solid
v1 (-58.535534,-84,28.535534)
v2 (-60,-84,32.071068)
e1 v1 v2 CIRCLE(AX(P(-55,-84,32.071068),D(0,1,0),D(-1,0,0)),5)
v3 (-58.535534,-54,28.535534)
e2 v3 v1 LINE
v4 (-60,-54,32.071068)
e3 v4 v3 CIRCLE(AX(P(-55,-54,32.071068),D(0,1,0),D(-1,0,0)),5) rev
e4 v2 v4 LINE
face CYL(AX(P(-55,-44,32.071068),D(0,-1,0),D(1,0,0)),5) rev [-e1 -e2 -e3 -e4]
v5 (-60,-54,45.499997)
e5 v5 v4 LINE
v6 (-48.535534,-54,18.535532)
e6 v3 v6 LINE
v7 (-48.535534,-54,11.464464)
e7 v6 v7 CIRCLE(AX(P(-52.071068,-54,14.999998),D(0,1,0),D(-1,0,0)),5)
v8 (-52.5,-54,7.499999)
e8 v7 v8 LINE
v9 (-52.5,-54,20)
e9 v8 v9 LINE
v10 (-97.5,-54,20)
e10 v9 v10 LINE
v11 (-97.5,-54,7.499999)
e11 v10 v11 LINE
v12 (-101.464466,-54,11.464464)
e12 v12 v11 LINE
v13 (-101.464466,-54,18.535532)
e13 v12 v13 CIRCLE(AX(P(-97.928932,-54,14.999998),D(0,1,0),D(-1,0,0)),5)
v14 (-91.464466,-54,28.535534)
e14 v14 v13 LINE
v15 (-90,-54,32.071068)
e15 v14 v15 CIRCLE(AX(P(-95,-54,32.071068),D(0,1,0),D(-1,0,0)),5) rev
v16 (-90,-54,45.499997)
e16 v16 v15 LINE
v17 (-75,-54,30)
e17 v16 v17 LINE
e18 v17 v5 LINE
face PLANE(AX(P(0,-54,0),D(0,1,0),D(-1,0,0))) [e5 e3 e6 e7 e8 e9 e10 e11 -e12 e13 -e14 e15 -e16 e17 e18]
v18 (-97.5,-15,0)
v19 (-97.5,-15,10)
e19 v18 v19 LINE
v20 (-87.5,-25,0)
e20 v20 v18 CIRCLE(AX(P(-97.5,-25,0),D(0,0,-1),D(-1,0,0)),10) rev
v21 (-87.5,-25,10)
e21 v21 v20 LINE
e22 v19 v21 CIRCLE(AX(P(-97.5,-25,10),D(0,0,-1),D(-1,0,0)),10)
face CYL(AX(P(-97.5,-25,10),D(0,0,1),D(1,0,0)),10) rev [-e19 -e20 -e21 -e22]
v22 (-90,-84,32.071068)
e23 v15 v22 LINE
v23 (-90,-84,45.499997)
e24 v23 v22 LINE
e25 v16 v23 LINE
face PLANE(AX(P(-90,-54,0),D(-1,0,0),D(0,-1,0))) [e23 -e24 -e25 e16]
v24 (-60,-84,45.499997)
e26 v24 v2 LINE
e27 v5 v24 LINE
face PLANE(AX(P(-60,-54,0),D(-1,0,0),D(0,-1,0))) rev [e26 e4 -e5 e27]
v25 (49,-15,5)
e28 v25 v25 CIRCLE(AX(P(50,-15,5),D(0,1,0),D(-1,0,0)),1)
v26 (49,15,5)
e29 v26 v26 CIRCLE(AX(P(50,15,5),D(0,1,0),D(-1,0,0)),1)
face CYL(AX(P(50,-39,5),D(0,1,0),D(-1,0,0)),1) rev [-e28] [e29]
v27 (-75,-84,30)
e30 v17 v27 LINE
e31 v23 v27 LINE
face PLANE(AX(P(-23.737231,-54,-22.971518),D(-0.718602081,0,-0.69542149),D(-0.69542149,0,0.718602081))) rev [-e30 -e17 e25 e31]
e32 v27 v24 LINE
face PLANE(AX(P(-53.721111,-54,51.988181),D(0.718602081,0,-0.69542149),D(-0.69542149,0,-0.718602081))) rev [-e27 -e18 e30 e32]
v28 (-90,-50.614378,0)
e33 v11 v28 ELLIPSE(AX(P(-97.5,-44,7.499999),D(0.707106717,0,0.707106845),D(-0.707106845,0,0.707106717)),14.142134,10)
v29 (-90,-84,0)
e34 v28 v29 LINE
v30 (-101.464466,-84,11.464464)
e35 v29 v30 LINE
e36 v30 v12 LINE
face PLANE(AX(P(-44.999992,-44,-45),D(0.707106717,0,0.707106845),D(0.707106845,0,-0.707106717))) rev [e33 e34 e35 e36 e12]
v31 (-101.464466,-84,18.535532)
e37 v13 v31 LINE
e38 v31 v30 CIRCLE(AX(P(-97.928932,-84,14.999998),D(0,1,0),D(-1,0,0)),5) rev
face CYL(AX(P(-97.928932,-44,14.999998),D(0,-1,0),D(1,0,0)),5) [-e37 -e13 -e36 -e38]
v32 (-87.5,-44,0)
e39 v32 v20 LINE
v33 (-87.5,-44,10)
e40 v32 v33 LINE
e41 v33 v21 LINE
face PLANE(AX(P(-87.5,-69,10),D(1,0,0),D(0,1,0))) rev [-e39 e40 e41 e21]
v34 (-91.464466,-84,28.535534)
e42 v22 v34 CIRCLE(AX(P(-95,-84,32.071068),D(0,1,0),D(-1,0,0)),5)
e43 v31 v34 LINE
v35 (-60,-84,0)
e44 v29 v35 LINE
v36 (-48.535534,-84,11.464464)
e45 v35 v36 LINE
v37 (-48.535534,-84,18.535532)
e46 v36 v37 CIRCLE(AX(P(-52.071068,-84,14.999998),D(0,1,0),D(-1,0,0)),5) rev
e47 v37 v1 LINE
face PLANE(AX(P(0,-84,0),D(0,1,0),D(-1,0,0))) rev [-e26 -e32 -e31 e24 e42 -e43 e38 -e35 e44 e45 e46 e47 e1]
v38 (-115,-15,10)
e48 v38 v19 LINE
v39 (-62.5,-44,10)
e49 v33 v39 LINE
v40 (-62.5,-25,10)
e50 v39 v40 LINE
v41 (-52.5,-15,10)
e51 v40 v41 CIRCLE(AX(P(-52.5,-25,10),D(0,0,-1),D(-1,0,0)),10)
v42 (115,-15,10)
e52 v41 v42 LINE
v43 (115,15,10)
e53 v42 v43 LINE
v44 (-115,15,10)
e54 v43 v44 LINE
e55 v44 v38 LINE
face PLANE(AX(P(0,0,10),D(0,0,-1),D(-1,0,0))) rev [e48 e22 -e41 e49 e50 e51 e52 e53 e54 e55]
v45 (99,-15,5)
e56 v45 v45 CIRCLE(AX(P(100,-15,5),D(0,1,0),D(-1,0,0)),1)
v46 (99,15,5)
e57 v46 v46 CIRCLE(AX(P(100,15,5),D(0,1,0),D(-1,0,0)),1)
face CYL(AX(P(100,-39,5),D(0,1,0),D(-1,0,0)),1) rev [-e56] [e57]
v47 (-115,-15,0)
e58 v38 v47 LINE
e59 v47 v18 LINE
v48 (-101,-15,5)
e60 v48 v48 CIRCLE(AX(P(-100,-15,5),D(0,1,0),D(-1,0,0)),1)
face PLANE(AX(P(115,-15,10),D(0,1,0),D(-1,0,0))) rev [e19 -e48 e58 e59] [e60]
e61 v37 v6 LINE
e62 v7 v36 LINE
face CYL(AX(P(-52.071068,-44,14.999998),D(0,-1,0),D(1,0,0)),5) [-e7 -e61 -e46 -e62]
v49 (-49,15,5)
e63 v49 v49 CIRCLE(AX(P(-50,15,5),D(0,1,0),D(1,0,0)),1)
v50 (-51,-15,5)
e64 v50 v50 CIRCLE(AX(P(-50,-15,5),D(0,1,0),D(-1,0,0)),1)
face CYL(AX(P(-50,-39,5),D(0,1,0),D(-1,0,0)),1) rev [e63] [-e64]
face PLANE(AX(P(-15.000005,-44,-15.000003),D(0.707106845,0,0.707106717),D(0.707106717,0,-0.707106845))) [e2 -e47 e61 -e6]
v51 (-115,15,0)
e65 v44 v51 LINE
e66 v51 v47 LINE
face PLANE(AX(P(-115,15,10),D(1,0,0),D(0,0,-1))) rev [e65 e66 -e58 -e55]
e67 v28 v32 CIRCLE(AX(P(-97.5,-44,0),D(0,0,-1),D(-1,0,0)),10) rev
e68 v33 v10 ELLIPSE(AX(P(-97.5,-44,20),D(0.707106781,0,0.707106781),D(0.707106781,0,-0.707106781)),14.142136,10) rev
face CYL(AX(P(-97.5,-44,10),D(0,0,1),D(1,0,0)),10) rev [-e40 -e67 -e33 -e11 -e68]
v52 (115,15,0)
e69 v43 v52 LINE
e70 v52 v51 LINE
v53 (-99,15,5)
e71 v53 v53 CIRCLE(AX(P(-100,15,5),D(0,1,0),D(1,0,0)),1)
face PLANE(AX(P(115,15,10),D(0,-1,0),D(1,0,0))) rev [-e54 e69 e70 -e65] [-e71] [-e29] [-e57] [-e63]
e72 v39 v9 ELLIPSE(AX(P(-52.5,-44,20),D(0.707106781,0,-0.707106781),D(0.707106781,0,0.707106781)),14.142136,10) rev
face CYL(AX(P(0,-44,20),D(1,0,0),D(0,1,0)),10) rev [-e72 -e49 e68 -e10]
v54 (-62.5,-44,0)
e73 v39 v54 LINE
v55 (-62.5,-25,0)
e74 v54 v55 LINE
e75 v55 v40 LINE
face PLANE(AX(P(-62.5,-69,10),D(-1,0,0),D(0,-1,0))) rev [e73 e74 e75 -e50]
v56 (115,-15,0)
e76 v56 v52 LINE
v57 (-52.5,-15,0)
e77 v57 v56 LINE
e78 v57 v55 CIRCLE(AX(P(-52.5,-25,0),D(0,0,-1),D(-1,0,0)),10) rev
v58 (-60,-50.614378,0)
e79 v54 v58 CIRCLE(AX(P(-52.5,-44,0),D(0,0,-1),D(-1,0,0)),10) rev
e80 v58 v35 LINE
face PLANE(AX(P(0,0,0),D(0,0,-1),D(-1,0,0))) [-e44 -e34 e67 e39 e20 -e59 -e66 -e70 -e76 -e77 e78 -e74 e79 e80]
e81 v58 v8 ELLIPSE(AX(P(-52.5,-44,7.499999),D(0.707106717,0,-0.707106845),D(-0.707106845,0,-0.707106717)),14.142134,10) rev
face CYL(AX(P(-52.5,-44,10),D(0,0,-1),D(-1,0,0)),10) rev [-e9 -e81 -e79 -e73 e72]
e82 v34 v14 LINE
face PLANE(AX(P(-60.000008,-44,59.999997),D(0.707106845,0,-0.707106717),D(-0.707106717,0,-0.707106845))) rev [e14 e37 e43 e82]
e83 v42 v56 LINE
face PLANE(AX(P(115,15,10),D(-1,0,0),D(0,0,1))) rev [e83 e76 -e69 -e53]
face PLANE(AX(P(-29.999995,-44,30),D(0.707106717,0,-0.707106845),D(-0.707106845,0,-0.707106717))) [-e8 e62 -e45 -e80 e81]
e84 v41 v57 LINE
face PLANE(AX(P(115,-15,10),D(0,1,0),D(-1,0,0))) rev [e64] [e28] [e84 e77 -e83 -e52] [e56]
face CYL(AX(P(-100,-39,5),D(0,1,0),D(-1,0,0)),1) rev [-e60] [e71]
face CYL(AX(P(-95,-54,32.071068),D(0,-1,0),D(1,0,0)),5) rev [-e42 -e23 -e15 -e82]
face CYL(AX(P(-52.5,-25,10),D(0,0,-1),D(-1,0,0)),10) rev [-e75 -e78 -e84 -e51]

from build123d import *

# Parameters (mm, degrees)
SKETCH1_W           = 230
SKETCH1_H           = 30
BOSS_EXTRUDE1_DEPTH = 10
SKETCH2_R           = 1
CUT_EXTRUDE1_DEPTH  = 54
SKETCH3_W           = 25
SKETCH3_H           = 10
BOSS_EXTRUDE2_DEPTH = 54
FILLET1_R           = 10
SKETCH4_W           = 60
SKETCH4_H           = 30
BOSS_EXTRUDE3_DEPTH = 15
CUT_EXTRUDE3_DEPTH  = 40
BOSS_EXTRUDE4_DEPTH = 30
FILLET2_R           = 5
FILLET3_R           = 10


with BuildPart() as part:
    # Sketch1 → Boss-Extrude1 (new body)
    with BuildSketch(Plane.XY):
        Rectangle(SKETCH1_W, SKETCH1_H)
    extrude(amount=BOSS_EXTRUDE1_DEPTH)

    # Sketch2 → Cut-Extrude1 (cut)
    with BuildSketch(Plane(origin=(0, 15, 0), x_dir=(1, 0, 0), z_dir=(0, 1, 0))):
        with Locations(Location((50, -5, 0), (0, 0, 180))):
            Circle(SKETCH2_R)
        with Locations(Location((100, -5, 0), (0, 0, 180))):
            Circle(SKETCH2_R)
        with Locations(Location((-100, -5, 0), (0, 0, 180))):
            Circle(SKETCH2_R)
        with Locations(Location((-50, -5, 0), (0, 0, 180))):
            Circle(SKETCH2_R)
    extrude(amount=-CUT_EXTRUDE1_DEPTH, mode=Mode.SUBTRACT)

    # Sketch3 → Boss-Extrude2 (add)
    with BuildSketch(Plane.XZ.offset(15)):
        with Locations((-75, 5)):
            Rectangle(SKETCH3_W, SKETCH3_H)
    extrude(amount=BOSS_EXTRUDE2_DEPTH)

    # Fillet1
    fillet1_edges = [part.edges().sort_by_distance(p)[0] for p in [
        (-87.5, -15, 5),
        (-62.5, -15, 5),
    ]]
    fillet(fillet1_edges, radius=FILLET1_R)

    # Sketch4 → Boss-Extrude3 (add, symmetric)
    with BuildSketch(Plane.XZ.offset(69)):
        with Locations((-75, 15)):
            Rectangle(SKETCH4_W, SKETCH4_H)
    extrude(amount=BOSS_EXTRUDE3_DEPTH, both=True)

    # Sketch6 → Cut-Extrude3 (cut)
    with BuildSketch(Plane.XZ.offset(84)):
        Polygon((-105, 30), (-105, 14.999997289), (-90, 30), align=None)
        Polygon((-90, 0), (-105, 14.999997289), (-105, 0), align=None)
        Polygon((-45, 30), (-60, 30), (-45, 14.999997289), align=None)
        Polygon((-45, 14.999997289), (-60, 0), (-45, 0), align=None)
    extrude(amount=-CUT_EXTRUDE3_DEPTH, mode=Mode.SUBTRACT)

    # Sketch7 → Boss-Extrude4 (add)
    with BuildSketch(Plane.XZ.offset(84)):
        Polygon((-75, 30), (-90, 45.499997289), (-90, 30), align=None)
        Polygon((-60, 45.499997289), (-75, 30), (-60, 30), align=None)
    extrude(amount=-BOSS_EXTRUDE4_DEPTH)

    # Fillet2
    fillet2_edges = [part.edges().sort_by_distance(p)[0] for p in [
        (-45, -69, 14.999997289),
        (-60, -69, 30),
        (-105, -69, 14.999997289),
        (-90, -69, 30),
    ]]
    fillet(fillet2_edges, radius=FILLET2_R)

    # Fillet3
    fillet3_edges = [part.edges().sort_by_distance(p)[0] for p in [
        (-62.5, -54, 5),
        (-87.5, -54, 5),
        (-75, -54, 10),
    ]]
    fillet(fillet3_edges, radius=FILLET3_R)


solid = part.part
